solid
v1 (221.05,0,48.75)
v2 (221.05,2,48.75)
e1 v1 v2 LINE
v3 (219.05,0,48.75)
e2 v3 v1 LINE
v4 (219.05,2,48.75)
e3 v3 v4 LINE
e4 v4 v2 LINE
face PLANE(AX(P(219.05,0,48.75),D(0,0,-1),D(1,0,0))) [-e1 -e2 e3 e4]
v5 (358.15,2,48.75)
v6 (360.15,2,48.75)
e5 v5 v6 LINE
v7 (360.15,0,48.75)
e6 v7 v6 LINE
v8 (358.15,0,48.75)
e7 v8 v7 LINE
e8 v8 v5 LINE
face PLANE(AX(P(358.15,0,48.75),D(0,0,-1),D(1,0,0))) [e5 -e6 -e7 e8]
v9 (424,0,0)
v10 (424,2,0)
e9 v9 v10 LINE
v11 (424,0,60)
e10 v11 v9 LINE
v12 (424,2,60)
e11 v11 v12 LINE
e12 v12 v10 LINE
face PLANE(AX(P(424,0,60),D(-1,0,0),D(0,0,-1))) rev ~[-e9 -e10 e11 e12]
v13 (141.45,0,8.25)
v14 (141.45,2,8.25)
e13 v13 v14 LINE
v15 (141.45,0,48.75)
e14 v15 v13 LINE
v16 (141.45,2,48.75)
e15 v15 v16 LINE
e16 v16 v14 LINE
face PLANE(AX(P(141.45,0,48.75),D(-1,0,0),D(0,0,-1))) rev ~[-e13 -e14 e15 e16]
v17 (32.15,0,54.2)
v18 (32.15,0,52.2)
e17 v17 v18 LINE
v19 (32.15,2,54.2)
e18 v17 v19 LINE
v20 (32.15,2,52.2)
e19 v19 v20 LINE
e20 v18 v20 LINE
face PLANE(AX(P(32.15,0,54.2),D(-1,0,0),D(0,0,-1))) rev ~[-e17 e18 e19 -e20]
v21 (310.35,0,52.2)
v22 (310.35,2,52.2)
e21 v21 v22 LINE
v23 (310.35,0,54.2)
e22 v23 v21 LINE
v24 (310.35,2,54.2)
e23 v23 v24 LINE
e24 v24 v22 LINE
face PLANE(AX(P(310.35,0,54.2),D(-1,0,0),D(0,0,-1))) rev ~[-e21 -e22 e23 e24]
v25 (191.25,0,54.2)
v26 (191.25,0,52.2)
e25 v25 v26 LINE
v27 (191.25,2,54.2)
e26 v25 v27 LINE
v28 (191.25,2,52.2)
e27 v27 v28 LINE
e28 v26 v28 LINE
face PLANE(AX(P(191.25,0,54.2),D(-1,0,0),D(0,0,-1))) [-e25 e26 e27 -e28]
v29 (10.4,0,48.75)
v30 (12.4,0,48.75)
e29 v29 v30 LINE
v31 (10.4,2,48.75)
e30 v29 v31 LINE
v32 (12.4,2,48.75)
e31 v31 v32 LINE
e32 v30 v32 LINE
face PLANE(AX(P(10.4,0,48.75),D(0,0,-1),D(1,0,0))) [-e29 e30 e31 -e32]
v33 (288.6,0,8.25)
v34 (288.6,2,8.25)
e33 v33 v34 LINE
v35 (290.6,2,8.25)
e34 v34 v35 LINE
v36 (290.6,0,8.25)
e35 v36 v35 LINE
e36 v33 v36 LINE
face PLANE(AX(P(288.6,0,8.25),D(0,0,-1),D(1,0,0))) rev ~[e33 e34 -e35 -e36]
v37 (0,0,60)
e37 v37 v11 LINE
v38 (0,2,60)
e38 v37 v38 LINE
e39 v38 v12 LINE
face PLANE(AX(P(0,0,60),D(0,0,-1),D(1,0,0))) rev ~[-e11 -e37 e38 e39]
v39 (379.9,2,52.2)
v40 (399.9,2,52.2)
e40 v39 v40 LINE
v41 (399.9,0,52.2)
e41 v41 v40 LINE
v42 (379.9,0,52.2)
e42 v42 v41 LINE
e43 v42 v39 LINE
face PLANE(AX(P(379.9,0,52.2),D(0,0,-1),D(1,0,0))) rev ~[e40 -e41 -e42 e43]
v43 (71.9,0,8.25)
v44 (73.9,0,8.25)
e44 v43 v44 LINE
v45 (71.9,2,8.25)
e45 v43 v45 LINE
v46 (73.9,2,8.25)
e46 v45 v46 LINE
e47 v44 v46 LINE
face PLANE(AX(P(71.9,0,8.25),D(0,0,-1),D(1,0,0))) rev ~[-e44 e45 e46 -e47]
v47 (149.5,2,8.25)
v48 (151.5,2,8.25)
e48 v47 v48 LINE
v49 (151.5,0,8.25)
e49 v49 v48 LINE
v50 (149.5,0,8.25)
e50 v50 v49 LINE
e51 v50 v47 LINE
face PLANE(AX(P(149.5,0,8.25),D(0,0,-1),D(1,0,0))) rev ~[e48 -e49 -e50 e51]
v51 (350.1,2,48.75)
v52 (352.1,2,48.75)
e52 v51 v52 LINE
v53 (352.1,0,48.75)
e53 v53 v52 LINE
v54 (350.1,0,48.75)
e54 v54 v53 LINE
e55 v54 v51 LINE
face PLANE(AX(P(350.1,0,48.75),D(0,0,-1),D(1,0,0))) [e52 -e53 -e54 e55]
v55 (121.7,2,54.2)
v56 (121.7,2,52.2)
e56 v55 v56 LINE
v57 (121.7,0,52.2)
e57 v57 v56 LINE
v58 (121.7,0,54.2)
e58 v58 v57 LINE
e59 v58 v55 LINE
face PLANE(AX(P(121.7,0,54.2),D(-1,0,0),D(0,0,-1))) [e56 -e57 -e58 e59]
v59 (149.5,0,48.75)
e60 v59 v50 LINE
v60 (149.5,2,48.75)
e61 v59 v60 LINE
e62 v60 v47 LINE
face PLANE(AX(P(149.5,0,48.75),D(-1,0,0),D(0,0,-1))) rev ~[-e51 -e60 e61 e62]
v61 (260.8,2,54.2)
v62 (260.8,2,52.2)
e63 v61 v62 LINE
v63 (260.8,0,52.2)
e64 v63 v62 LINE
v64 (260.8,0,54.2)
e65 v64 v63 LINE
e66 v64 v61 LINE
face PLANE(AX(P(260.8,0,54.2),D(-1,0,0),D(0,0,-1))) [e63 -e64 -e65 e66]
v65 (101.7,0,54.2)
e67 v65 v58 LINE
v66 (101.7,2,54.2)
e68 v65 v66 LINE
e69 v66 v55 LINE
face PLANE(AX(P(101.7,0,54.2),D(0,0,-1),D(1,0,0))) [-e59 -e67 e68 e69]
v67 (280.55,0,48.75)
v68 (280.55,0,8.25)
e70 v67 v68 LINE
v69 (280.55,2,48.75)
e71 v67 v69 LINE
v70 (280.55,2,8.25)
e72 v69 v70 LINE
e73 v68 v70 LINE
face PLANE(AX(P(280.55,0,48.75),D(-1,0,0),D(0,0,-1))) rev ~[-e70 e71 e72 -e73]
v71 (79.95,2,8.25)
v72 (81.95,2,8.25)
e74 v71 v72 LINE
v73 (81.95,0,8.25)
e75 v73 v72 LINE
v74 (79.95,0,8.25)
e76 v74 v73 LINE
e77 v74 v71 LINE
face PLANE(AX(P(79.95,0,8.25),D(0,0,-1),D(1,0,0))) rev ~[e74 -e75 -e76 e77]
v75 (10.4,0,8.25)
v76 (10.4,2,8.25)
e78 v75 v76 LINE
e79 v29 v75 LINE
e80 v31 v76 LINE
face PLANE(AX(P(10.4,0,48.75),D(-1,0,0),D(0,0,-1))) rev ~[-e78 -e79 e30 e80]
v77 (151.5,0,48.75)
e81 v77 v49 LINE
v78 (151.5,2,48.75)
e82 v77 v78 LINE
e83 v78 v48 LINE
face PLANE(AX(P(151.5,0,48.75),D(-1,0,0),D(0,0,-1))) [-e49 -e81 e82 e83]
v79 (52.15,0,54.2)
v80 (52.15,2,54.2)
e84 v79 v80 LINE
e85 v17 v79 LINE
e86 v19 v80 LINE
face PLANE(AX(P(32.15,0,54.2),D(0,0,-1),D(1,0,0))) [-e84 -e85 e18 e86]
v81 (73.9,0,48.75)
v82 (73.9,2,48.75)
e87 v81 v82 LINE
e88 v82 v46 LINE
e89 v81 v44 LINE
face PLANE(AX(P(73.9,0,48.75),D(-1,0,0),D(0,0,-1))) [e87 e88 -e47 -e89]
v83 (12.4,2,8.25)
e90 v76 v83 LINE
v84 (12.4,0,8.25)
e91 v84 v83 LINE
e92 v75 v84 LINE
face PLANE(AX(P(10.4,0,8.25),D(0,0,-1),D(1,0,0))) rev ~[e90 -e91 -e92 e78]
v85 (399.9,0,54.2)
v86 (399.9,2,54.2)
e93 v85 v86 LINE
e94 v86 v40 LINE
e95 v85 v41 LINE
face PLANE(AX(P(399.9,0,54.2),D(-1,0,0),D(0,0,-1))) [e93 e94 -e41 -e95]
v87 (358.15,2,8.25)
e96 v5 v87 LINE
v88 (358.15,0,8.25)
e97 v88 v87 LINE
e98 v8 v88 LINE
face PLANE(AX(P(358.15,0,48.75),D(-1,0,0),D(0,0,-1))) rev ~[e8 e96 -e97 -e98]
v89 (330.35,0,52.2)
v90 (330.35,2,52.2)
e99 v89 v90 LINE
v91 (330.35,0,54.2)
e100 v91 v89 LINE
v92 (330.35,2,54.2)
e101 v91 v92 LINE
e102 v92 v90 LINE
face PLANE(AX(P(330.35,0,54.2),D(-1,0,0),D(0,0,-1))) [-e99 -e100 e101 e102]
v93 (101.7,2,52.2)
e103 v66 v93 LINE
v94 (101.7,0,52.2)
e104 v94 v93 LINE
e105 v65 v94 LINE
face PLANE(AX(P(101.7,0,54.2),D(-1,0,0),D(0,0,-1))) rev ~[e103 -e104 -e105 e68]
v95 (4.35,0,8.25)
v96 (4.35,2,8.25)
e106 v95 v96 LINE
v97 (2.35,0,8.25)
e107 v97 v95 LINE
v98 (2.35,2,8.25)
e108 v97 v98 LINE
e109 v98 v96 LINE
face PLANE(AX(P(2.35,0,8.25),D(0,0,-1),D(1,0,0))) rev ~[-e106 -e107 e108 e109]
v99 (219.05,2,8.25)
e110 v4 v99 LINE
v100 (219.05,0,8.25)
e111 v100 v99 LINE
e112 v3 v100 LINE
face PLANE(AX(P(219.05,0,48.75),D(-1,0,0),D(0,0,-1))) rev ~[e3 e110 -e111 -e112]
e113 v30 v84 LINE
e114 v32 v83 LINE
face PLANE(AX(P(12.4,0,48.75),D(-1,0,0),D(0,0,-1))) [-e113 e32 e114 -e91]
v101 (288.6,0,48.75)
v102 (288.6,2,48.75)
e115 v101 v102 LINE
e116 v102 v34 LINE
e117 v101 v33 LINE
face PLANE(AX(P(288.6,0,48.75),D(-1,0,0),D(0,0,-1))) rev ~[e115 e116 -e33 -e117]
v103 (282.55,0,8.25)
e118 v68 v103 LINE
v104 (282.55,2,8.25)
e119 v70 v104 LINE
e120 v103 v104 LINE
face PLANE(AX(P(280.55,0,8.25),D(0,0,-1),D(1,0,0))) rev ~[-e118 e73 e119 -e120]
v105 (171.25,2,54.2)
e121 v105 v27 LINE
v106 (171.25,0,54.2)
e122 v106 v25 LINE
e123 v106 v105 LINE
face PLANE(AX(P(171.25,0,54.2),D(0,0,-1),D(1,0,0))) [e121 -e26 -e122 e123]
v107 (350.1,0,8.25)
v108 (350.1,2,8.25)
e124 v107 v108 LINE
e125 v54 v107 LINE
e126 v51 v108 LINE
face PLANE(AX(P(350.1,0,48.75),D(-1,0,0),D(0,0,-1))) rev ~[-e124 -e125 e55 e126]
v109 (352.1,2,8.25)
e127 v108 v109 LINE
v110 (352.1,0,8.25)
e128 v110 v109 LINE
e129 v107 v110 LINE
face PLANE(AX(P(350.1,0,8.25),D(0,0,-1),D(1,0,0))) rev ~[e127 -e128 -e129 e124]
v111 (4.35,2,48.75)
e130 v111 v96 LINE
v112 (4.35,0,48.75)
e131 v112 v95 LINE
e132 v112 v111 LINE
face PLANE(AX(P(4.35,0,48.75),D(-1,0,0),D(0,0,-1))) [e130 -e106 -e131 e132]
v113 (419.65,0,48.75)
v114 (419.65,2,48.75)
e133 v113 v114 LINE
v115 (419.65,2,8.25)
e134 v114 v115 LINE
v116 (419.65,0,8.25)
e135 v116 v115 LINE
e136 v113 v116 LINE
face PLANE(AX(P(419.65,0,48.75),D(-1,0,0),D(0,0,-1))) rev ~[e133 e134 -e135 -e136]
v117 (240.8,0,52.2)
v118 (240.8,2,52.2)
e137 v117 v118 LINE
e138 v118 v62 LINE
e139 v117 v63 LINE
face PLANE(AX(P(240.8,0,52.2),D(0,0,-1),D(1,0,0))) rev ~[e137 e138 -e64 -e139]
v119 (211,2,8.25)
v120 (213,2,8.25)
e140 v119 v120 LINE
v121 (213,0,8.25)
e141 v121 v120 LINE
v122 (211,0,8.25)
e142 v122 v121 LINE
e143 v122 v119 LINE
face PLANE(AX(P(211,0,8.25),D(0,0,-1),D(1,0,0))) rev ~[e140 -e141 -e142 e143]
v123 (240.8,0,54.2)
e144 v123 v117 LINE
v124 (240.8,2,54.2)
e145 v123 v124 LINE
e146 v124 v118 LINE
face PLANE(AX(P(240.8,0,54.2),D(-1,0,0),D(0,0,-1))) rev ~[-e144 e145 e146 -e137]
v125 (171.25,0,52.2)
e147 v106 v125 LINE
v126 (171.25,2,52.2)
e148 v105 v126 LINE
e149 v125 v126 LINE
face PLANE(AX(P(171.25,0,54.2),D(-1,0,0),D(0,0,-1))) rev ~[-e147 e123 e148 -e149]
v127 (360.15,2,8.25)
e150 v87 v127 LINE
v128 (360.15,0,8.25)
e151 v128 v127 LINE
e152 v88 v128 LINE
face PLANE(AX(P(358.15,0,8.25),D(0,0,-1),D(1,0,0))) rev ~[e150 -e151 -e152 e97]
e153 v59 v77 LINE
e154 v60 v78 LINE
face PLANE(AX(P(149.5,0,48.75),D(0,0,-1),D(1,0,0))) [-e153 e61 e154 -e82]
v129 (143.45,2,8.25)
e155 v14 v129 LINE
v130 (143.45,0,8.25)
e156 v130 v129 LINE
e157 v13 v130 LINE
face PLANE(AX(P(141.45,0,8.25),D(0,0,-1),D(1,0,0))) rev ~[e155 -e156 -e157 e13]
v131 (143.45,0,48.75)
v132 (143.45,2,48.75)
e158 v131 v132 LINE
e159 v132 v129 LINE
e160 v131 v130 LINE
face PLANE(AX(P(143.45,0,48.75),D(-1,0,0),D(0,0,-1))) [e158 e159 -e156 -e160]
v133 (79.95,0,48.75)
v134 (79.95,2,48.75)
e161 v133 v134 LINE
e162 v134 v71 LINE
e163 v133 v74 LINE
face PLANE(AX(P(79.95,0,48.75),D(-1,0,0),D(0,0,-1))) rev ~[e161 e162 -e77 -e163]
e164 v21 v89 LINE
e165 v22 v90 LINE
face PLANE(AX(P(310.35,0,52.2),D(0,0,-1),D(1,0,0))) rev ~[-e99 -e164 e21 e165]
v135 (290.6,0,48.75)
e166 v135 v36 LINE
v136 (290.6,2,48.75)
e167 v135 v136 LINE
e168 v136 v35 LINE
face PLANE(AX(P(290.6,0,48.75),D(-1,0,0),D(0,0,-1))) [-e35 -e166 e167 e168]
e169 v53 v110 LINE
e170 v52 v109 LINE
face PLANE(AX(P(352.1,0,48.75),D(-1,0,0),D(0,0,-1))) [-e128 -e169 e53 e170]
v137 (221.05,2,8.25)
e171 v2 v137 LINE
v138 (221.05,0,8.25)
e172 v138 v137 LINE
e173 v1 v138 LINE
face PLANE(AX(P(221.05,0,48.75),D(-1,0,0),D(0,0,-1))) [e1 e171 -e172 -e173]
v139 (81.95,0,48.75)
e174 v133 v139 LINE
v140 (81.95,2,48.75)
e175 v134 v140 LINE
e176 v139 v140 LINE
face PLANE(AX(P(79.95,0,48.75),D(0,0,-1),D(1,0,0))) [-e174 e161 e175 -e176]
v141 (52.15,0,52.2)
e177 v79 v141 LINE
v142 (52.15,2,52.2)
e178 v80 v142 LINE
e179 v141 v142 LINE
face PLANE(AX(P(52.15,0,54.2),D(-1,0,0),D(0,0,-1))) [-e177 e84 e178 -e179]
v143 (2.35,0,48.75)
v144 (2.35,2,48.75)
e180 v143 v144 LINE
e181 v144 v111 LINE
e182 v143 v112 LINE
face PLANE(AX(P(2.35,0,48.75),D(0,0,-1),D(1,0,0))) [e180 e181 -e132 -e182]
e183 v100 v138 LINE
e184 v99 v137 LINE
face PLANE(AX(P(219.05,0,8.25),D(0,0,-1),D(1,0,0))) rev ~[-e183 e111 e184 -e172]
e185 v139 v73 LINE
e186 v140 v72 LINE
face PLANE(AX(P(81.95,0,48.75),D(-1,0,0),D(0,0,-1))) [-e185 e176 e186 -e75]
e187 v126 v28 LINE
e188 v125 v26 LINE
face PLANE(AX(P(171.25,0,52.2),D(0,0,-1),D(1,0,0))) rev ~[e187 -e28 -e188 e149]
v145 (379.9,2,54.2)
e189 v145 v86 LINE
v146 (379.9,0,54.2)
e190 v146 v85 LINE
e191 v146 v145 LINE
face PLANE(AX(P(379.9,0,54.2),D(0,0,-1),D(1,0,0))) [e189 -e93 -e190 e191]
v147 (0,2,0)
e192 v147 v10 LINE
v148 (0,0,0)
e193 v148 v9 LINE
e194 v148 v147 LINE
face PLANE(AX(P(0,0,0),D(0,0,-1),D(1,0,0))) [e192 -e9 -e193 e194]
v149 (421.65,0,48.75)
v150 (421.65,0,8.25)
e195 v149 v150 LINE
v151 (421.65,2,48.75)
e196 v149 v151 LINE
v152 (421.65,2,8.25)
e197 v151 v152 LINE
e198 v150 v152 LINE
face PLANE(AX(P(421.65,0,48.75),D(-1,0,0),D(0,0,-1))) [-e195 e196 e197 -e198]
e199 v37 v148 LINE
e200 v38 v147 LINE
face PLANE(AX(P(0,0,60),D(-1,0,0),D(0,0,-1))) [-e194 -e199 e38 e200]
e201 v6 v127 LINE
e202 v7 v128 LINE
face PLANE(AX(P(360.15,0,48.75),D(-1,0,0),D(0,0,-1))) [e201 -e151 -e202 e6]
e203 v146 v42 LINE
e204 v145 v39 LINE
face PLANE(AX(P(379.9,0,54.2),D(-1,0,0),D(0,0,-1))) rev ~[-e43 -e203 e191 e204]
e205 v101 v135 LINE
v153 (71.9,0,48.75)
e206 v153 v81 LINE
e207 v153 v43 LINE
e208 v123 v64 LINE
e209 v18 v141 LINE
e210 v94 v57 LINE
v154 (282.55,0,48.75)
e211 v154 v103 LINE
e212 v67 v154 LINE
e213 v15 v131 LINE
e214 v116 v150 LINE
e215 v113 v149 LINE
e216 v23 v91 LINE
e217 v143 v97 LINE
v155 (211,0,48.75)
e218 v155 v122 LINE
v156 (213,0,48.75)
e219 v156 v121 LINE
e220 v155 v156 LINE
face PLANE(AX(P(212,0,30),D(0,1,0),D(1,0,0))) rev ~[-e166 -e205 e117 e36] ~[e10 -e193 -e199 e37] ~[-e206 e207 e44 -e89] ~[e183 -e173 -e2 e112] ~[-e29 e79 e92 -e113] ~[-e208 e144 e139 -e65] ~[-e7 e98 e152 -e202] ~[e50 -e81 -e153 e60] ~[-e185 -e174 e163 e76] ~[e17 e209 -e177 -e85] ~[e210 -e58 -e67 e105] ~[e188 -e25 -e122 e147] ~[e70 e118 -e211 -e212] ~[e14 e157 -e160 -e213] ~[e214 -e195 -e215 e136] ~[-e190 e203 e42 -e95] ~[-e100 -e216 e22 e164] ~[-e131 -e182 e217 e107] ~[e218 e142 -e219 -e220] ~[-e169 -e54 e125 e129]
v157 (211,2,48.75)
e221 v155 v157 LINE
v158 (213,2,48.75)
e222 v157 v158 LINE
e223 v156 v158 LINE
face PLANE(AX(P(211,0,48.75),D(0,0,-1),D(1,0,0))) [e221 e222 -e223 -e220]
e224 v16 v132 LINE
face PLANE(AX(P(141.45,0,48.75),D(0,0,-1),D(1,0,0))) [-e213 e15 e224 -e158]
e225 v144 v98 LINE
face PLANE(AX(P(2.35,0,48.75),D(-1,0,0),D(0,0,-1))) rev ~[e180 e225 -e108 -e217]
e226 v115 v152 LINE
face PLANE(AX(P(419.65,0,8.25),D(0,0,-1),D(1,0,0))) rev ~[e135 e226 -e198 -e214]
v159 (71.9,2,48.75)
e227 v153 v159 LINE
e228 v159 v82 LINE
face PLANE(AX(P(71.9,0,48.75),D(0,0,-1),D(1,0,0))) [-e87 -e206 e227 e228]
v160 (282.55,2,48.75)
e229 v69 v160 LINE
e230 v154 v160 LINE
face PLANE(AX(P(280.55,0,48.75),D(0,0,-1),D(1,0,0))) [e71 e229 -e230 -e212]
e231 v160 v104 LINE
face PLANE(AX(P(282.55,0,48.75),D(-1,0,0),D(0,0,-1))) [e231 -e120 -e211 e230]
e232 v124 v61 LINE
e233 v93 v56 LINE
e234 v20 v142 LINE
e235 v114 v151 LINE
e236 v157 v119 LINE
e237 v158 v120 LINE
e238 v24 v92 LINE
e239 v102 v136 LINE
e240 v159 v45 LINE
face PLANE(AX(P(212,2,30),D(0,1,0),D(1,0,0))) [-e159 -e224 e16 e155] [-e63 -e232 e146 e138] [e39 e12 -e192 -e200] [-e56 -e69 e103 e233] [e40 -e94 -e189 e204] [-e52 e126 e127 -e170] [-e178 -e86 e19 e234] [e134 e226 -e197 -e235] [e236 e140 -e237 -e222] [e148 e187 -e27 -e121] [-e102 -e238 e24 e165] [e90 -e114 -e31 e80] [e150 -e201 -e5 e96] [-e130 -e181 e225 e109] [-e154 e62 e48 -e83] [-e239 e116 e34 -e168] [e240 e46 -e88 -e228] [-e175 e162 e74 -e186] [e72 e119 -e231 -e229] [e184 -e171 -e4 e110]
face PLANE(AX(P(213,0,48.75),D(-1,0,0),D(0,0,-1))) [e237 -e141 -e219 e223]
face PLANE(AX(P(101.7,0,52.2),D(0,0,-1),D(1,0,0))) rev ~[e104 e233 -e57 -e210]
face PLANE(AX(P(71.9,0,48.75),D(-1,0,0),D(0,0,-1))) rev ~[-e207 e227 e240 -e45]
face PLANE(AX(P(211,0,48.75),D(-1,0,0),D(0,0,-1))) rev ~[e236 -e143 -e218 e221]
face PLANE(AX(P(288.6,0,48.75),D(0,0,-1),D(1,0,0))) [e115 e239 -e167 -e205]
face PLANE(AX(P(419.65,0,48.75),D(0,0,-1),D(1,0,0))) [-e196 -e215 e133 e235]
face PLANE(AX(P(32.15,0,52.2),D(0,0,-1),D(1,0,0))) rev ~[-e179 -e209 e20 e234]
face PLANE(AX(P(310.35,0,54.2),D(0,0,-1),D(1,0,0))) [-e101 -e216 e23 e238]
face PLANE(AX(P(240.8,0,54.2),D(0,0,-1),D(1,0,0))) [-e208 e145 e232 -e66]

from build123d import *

# Parameters (mm, degrees)
SKETCH1_W           = 424
SKETCH1_H           = 60
SKETCH1_W_2         = 2
SKETCH1_H_2         = 40.5
SKETCH1_W_3         = 20
SKETCH1_H_3         = 2
BOSS_EXTRUDE2_DEPTH = 2


with BuildPart() as part:
    # Sketch1 → Boss-Extrude2 (new body)
    with BuildSketch(Plane(origin=(0, 0, 0), x_dir=(1, 0, 0), z_dir=(0, 1, 0))):
        with Locations((212, -30)):
            Rectangle(SKETCH1_W, SKETCH1_H)
        with Locations((80.95, -28.5)):
            Rectangle(SKETCH1_W_2, SKETCH1_H_2, mode=Mode.SUBTRACT)
        with Locations((150.5, -28.5)):
            Rectangle(SKETCH1_W_2, SKETCH1_H_2, mode=Mode.SUBTRACT)
        with Locations((3.35, -28.5)):
            Rectangle(SKETCH1_W_2, SKETCH1_H_2, mode=Mode.SUBTRACT)
        with Locations((72.9, -28.5)):
            Rectangle(SKETCH1_W_2, SKETCH1_H_2, mode=Mode.SUBTRACT)
        with Locations((11.4, -28.5)):
            Rectangle(SKETCH1_W_2, SKETCH1_H_2, mode=Mode.SUBTRACT)
        with Locations((359.15, -28.5)):
            Rectangle(SKETCH1_W_2, SKETCH1_H_2, mode=Mode.SUBTRACT)
        with Locations((351.1, -28.5)):
            Rectangle(SKETCH1_W_2, SKETCH1_H_2, mode=Mode.SUBTRACT)
        with Locations((289.6, -28.5)):
            Rectangle(SKETCH1_W_2, SKETCH1_H_2, mode=Mode.SUBTRACT)
        with Locations((220.05, -28.5)):
            Rectangle(SKETCH1_W_2, SKETCH1_H_2, mode=Mode.SUBTRACT)
        with Locations((142.45, -28.5)):
            Rectangle(SKETCH1_W_2, SKETCH1_H_2, mode=Mode.SUBTRACT)
        with Locations((111.7, -53.2)):
            Rectangle(SKETCH1_W_3, SKETCH1_H_3, mode=Mode.SUBTRACT)
        with Locations((42.15, -53.2)):
            Rectangle(SKETCH1_W_3, SKETCH1_H_3, mode=Mode.SUBTRACT)
        with Locations((212, -28.5)):
            Rectangle(SKETCH1_W_2, SKETCH1_H_2, mode=Mode.SUBTRACT)
        with Locations((281.55, -28.5)):
            Rectangle(SKETCH1_W_2, SKETCH1_H_2, mode=Mode.SUBTRACT)
        with Locations((181.25, -53.2)):
            Rectangle(SKETCH1_W_3, SKETCH1_H_3, mode=Mode.SUBTRACT)
        with Locations((250.8, -53.2)):
            Rectangle(SKETCH1_W_3, SKETCH1_H_3, mode=Mode.SUBTRACT)
        with Locations((420.65, -28.5)):
            Rectangle(SKETCH1_W_2, SKETCH1_H_2, mode=Mode.SUBTRACT)
        with Locations((320.35, -53.2)):
            Rectangle(SKETCH1_W_3, SKETCH1_H_3, mode=Mode.SUBTRACT)
        with Locations((389.9, -53.2)):
            Rectangle(SKETCH1_W_3, SKETCH1_H_3, mode=Mode.SUBTRACT)
    extrude(amount=BOSS_EXTRUDE2_DEPTH)


solid = part.part
